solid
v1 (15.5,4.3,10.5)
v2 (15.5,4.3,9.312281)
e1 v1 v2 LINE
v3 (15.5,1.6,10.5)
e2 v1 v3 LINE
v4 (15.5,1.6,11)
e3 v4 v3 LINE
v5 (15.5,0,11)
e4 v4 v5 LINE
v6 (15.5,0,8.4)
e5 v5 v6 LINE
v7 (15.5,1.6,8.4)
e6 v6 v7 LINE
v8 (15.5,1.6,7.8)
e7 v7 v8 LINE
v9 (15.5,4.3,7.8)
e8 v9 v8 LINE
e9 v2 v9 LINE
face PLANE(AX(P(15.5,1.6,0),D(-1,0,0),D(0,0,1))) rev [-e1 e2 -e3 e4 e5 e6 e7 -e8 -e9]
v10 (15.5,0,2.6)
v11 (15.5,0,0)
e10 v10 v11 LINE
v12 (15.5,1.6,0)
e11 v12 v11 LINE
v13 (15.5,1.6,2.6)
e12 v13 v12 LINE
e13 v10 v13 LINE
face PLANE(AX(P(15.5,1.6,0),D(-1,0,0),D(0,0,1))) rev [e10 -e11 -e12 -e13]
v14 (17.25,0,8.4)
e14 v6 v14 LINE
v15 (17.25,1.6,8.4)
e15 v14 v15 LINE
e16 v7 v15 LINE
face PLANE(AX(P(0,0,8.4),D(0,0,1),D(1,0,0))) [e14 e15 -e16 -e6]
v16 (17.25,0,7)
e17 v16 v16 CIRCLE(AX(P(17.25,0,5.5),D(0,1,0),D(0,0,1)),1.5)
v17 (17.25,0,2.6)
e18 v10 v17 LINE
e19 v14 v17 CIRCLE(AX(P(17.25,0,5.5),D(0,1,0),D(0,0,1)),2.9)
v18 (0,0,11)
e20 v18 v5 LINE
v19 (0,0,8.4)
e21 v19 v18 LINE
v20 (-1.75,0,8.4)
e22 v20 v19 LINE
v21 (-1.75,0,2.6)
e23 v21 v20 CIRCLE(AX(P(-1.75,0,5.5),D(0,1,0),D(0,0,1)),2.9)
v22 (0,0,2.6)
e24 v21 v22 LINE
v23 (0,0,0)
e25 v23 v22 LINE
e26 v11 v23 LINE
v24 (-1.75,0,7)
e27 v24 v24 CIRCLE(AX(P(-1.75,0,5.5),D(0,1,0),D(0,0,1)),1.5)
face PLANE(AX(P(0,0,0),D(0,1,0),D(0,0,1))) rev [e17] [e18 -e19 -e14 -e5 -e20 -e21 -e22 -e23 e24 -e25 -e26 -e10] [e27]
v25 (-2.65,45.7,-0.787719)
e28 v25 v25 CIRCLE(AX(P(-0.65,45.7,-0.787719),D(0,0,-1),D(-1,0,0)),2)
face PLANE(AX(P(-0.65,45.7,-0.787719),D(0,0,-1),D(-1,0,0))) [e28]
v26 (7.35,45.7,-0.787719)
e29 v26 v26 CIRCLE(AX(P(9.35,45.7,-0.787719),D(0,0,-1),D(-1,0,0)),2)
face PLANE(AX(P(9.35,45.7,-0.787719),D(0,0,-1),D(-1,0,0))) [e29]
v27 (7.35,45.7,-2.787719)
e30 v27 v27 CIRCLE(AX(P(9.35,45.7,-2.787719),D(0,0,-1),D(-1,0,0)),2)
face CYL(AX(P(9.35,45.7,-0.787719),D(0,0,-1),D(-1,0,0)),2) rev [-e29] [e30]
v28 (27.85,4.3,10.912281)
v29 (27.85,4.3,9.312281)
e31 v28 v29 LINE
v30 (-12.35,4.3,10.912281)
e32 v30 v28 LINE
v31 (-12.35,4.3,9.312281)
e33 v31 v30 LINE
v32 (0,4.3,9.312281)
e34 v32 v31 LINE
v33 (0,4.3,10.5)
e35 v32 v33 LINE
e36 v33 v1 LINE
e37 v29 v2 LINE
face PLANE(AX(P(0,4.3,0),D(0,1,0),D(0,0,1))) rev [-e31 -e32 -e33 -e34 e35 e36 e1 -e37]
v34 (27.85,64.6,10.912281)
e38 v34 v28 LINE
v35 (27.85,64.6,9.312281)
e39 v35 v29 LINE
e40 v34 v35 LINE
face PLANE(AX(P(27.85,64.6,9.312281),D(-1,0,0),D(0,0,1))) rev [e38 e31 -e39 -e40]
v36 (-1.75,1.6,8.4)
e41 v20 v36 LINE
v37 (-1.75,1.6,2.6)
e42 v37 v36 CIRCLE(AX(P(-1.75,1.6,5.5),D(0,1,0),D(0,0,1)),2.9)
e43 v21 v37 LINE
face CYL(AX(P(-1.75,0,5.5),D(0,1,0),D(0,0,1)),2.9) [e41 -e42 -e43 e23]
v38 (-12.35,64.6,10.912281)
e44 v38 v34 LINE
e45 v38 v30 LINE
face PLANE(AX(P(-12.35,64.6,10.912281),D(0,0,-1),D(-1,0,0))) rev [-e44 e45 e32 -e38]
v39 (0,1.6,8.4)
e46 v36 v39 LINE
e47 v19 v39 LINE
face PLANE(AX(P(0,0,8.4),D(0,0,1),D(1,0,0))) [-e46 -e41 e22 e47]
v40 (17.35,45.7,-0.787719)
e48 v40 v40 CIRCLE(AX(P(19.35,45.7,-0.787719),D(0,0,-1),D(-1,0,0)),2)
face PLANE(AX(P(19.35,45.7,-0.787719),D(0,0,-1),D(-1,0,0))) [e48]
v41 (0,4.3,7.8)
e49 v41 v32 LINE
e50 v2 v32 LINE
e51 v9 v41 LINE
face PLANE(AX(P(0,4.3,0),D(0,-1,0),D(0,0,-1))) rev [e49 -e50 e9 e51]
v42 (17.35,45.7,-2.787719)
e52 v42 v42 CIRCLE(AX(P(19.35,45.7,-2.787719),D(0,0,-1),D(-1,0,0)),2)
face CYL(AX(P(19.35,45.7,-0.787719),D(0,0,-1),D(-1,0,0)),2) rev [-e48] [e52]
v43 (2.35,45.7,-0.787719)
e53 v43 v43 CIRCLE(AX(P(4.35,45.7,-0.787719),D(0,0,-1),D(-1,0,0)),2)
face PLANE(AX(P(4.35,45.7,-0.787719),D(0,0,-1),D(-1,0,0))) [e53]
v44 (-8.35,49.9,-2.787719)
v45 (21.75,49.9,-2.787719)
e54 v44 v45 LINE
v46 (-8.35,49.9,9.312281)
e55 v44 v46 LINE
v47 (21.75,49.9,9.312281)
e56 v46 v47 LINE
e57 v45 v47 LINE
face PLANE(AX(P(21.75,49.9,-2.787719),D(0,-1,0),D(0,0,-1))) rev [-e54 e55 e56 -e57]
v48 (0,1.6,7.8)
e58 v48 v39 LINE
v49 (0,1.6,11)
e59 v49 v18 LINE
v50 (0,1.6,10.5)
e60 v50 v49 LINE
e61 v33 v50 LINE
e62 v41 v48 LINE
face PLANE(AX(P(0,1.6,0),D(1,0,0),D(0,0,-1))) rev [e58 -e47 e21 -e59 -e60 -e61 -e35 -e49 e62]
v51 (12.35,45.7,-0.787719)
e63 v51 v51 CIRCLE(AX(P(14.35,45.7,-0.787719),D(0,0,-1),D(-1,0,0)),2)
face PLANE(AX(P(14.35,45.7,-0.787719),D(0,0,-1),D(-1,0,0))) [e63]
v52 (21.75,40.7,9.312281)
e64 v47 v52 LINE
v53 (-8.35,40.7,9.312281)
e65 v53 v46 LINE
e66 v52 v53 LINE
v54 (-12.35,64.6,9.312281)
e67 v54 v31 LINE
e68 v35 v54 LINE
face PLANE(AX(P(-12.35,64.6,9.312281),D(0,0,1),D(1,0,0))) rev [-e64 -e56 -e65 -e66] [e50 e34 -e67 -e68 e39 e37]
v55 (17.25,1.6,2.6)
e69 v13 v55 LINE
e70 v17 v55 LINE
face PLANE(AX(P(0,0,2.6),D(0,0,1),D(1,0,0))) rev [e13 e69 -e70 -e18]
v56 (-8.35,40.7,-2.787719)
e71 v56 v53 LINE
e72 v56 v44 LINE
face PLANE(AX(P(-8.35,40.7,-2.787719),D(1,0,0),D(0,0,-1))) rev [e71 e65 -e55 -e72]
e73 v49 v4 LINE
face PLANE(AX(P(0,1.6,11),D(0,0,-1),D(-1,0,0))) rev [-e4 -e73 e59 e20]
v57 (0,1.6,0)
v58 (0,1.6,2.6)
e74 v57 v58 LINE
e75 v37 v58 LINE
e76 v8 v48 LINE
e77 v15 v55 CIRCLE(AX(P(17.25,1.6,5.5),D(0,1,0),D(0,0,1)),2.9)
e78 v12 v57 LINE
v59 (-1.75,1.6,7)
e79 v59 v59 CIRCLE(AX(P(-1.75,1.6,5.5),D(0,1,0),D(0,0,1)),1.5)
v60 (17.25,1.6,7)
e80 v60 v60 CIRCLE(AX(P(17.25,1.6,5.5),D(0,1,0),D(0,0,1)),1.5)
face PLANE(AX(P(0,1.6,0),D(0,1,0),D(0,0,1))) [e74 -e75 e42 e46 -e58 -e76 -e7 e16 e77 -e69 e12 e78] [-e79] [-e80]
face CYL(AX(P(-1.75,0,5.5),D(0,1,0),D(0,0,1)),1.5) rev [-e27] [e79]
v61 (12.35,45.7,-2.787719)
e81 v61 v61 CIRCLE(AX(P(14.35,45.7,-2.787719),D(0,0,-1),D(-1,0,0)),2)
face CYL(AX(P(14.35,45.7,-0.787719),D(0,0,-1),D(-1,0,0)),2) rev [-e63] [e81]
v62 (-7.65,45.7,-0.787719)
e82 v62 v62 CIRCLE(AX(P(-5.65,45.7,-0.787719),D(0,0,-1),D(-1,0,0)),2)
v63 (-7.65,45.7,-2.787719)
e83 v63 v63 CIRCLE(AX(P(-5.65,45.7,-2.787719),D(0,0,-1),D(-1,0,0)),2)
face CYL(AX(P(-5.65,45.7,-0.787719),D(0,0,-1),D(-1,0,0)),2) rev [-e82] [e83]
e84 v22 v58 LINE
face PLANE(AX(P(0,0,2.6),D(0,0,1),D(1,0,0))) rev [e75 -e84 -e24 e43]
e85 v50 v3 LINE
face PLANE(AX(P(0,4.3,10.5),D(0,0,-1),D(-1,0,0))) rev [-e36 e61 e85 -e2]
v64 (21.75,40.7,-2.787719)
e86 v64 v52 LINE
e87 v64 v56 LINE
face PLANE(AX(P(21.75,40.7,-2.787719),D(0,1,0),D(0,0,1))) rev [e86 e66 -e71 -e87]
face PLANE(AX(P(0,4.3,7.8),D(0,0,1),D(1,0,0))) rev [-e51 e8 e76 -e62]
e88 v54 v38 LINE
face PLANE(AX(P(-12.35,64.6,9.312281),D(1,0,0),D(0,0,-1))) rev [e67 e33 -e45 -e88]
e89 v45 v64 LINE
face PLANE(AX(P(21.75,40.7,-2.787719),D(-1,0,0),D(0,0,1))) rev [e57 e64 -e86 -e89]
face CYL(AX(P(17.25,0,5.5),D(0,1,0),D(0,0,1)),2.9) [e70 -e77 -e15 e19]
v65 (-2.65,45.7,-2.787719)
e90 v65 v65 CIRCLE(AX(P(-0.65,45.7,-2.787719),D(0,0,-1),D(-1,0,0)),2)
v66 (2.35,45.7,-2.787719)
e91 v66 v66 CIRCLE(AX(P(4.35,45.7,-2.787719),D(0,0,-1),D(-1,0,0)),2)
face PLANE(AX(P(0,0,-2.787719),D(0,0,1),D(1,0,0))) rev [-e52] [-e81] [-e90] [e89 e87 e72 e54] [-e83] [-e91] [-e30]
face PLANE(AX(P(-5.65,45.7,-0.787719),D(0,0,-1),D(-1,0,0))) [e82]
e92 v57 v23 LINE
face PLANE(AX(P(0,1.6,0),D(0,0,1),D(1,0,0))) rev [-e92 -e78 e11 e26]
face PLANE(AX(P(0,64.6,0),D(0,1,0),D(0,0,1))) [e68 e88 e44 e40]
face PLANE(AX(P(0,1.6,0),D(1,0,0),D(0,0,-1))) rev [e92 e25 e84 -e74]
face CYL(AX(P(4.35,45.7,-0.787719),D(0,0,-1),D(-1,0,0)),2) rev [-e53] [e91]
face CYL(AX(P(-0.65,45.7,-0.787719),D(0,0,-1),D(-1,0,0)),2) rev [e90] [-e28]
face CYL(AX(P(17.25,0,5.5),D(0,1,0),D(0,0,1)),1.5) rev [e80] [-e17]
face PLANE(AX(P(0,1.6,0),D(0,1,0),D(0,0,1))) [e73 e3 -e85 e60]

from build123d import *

# Parameters (mm, degrees)
SKETCH1_W           = 15.5
SKETCH1_H           = 11
BOSS_EXTRUDE1_DEPTH = 1.6
BOSS_EXTRUDE2_DEPTH = 1.6
SKETCH3_W           = 15.5
SKETCH3_H           = 2.7
BOSS_EXTRUDE3_DEPTH = 2.7
SKETCH4_W           = 40.2
SKETCH4_H           = 1.6
BOSS_EXTRUDE4_DEPTH = 60.3
SKETCH5_W           = 30.1
SKETCH5_H           = 9.2
BOSS_EXTRUDE5_DEPTH = 12.1
SKETCH6_R           = 2
CUT_EXTRUDE1_DEPTH  = 2
LPATTERN1_COUNT     = 6
LPATTERN1_PITCH     = 5


with BuildPart() as part:
    # Sketch1 → Boss-Extrude1 (new body)
    with BuildSketch(Plane(origin=(0, 0, 0), x_dir=(1, 0, 0), z_dir=(0, 1, 0))):
        with Locations((7.75, -5.5)):
            Rectangle(SKETCH1_W, SKETCH1_H)
    extrude(amount=BOSS_EXTRUDE1_DEPTH)

    # Sketch2 → Boss-Extrude2 (add, through all)
    with BuildSketch(Plane(origin=(0, 1.6, 0), x_dir=(1, 0, 0), z_dir=(0, 1, 0))):
        with BuildLine():
            Line((-1.75, -4), (-1.75, -2.6))
            ThreePointArc((-1.75, -2.6), (-4.65, -5.5), (-1.75, -8.4))
            Line((-1.75, -8.4), (-1.75, -7))
            ThreePointArc((-1.75, -7), (-3.25, -5.5), (-1.75, -4))
        make_face()
        with BuildLine():
            ThreePointArc((0, -3.187533784), (-0.827002716, -2.750804479), (-1.75, -2.6))
            Line((-1.75, -2.6), (-1.75, -4))
            ThreePointArc((-1.75, -4), (-0.689339828, -4.439339828), (-0.25, -5.5))
            ThreePointArc((-0.25, -5.5), (-0.689339828, -6.560660172), (-1.75, -7))
            Line((-1.75, -7), (-1.75, -8.4))
            ThreePointArc((-1.75, -8.4), (-0.827002716, -8.249195521), (0, -7.812466216))
            Line((0, -7.812466216), (0, -3.187533784))
        make_face()
        with BuildLine():
            Line((0, -2.6), (-1.75, -2.6))
            ThreePointArc((-1.75, -2.6), (-0.827002716, -2.750804479), (0, -3.187533784))
            Line((0, -3.187533784), (0, -2.6))
        make_face()
        with BuildLine():
            ThreePointArc((0, -7.812466216), (-0.827002716, -8.249195521), (-1.75, -8.4))
            Line((-1.75, -8.4), (0, -8.4))
            Line((0, -8.4), (0, -7.812466216))
        make_face()
        with BuildLine():
            ThreePointArc((20.15, -5.5), (19.300609665, -3.449390335), (17.25, -2.6))
            Line((17.25, -2.6), (17.25, -4))
            ThreePointArc((17.25, -4), (18.310660172, -4.439339828), (18.75, -5.5))
            ThreePointArc((18.75, -5.5), (18.310660172, -6.560660172), (17.25, -7))
            Line((17.25, -7), (17.25, -8.4))
            ThreePointArc((17.25, -8.4), (19.300609665, -7.550609665), (20.15, -5.5))
        make_face()
        with BuildLine():
            Line((17.25, -4), (17.25, -2.6))
            ThreePointArc((17.25, -2.6), (16.327002716, -2.750804479), (15.5, -3.187533784))
            Line((15.5, -3.187533784), (15.5, -7.812466216))
            ThreePointArc((15.5, -7.812466216), (16.327002716, -8.249195521), (17.25, -8.4))
            Line((17.25, -8.4), (17.25, -7))
            ThreePointArc((17.25, -7), (15.75, -5.5), (17.25, -4))
        make_face()
        with BuildLine():
            Line((17.25, -2.6), (15.5, -2.6))
            Line((15.5, -2.6), (15.5, -3.187533784))
            ThreePointArc((15.5, -3.187533784), (16.327002716, -2.750804479), (17.25, -2.6))
        make_face()
        with BuildLine():
            Line((15.5, -7.812466216), (15.5, -8.4))
            Line((15.5, -8.4), (17.25, -8.4))
            ThreePointArc((17.25, -8.4), (16.327002716, -8.249195521), (15.5, -7.812466216))
        make_face()
    extrude(amount=-BOSS_EXTRUDE2_DEPTH)

    # Sketch3 → Boss-Extrude3 (add)
    with BuildSketch(Plane(origin=(0, 1.6, 0), x_dir=(1, 0, 0), z_dir=(0, 1, 0))):
        with Locations((7.75, -9.15)):
            Rectangle(SKETCH3_W, SKETCH3_H)
    extrude(amount=BOSS_EXTRUDE3_DEPTH)

    # Sketch4 → Boss-Extrude4 (add)
    with BuildSketch(Plane(origin=(0, 4.3, 0), x_dir=(1, 0, 0), z_dir=(0, 1, 0))):
        with Locations((7.75, -10.112281479)):
            Rectangle(SKETCH4_W, SKETCH4_H)
    extrude(amount=BOSS_EXTRUDE4_DEPTH)

    # Sketch5 → Boss-Extrude5 (add)
    with BuildSketch(Plane(origin=(0, 0, 9.312281479), x_dir=(-1, 0, 0), z_dir=(0, 0, -1))):
        with Locations((-6.7, 45.3)):
            Rectangle(SKETCH5_W, SKETCH5_H)
    extrude(amount=BOSS_EXTRUDE5_DEPTH)

    # Sketch6 → Cut-Extrude1 (cut)
    with BuildSketch(Plane(origin=(0, 0, -2.787718521), x_dir=(-1, 0, 0), z_dir=(0, 0, -1))):
        with Locations((-19.35, 45.7)):
            Circle(SKETCH6_R)
    cut_extrude1 = extrude(amount=-CUT_EXTRUDE1_DEPTH, mode=Mode.SUBTRACT)

    # LPattern1: Cut-Extrude1 ×6
    with Locations(*[(-i * LPATTERN1_PITCH, 0, 0) for i in range(1, LPATTERN1_COUNT)]):
        add(cut_extrude1, mode=Mode.SUBTRACT)


solid = part.part
